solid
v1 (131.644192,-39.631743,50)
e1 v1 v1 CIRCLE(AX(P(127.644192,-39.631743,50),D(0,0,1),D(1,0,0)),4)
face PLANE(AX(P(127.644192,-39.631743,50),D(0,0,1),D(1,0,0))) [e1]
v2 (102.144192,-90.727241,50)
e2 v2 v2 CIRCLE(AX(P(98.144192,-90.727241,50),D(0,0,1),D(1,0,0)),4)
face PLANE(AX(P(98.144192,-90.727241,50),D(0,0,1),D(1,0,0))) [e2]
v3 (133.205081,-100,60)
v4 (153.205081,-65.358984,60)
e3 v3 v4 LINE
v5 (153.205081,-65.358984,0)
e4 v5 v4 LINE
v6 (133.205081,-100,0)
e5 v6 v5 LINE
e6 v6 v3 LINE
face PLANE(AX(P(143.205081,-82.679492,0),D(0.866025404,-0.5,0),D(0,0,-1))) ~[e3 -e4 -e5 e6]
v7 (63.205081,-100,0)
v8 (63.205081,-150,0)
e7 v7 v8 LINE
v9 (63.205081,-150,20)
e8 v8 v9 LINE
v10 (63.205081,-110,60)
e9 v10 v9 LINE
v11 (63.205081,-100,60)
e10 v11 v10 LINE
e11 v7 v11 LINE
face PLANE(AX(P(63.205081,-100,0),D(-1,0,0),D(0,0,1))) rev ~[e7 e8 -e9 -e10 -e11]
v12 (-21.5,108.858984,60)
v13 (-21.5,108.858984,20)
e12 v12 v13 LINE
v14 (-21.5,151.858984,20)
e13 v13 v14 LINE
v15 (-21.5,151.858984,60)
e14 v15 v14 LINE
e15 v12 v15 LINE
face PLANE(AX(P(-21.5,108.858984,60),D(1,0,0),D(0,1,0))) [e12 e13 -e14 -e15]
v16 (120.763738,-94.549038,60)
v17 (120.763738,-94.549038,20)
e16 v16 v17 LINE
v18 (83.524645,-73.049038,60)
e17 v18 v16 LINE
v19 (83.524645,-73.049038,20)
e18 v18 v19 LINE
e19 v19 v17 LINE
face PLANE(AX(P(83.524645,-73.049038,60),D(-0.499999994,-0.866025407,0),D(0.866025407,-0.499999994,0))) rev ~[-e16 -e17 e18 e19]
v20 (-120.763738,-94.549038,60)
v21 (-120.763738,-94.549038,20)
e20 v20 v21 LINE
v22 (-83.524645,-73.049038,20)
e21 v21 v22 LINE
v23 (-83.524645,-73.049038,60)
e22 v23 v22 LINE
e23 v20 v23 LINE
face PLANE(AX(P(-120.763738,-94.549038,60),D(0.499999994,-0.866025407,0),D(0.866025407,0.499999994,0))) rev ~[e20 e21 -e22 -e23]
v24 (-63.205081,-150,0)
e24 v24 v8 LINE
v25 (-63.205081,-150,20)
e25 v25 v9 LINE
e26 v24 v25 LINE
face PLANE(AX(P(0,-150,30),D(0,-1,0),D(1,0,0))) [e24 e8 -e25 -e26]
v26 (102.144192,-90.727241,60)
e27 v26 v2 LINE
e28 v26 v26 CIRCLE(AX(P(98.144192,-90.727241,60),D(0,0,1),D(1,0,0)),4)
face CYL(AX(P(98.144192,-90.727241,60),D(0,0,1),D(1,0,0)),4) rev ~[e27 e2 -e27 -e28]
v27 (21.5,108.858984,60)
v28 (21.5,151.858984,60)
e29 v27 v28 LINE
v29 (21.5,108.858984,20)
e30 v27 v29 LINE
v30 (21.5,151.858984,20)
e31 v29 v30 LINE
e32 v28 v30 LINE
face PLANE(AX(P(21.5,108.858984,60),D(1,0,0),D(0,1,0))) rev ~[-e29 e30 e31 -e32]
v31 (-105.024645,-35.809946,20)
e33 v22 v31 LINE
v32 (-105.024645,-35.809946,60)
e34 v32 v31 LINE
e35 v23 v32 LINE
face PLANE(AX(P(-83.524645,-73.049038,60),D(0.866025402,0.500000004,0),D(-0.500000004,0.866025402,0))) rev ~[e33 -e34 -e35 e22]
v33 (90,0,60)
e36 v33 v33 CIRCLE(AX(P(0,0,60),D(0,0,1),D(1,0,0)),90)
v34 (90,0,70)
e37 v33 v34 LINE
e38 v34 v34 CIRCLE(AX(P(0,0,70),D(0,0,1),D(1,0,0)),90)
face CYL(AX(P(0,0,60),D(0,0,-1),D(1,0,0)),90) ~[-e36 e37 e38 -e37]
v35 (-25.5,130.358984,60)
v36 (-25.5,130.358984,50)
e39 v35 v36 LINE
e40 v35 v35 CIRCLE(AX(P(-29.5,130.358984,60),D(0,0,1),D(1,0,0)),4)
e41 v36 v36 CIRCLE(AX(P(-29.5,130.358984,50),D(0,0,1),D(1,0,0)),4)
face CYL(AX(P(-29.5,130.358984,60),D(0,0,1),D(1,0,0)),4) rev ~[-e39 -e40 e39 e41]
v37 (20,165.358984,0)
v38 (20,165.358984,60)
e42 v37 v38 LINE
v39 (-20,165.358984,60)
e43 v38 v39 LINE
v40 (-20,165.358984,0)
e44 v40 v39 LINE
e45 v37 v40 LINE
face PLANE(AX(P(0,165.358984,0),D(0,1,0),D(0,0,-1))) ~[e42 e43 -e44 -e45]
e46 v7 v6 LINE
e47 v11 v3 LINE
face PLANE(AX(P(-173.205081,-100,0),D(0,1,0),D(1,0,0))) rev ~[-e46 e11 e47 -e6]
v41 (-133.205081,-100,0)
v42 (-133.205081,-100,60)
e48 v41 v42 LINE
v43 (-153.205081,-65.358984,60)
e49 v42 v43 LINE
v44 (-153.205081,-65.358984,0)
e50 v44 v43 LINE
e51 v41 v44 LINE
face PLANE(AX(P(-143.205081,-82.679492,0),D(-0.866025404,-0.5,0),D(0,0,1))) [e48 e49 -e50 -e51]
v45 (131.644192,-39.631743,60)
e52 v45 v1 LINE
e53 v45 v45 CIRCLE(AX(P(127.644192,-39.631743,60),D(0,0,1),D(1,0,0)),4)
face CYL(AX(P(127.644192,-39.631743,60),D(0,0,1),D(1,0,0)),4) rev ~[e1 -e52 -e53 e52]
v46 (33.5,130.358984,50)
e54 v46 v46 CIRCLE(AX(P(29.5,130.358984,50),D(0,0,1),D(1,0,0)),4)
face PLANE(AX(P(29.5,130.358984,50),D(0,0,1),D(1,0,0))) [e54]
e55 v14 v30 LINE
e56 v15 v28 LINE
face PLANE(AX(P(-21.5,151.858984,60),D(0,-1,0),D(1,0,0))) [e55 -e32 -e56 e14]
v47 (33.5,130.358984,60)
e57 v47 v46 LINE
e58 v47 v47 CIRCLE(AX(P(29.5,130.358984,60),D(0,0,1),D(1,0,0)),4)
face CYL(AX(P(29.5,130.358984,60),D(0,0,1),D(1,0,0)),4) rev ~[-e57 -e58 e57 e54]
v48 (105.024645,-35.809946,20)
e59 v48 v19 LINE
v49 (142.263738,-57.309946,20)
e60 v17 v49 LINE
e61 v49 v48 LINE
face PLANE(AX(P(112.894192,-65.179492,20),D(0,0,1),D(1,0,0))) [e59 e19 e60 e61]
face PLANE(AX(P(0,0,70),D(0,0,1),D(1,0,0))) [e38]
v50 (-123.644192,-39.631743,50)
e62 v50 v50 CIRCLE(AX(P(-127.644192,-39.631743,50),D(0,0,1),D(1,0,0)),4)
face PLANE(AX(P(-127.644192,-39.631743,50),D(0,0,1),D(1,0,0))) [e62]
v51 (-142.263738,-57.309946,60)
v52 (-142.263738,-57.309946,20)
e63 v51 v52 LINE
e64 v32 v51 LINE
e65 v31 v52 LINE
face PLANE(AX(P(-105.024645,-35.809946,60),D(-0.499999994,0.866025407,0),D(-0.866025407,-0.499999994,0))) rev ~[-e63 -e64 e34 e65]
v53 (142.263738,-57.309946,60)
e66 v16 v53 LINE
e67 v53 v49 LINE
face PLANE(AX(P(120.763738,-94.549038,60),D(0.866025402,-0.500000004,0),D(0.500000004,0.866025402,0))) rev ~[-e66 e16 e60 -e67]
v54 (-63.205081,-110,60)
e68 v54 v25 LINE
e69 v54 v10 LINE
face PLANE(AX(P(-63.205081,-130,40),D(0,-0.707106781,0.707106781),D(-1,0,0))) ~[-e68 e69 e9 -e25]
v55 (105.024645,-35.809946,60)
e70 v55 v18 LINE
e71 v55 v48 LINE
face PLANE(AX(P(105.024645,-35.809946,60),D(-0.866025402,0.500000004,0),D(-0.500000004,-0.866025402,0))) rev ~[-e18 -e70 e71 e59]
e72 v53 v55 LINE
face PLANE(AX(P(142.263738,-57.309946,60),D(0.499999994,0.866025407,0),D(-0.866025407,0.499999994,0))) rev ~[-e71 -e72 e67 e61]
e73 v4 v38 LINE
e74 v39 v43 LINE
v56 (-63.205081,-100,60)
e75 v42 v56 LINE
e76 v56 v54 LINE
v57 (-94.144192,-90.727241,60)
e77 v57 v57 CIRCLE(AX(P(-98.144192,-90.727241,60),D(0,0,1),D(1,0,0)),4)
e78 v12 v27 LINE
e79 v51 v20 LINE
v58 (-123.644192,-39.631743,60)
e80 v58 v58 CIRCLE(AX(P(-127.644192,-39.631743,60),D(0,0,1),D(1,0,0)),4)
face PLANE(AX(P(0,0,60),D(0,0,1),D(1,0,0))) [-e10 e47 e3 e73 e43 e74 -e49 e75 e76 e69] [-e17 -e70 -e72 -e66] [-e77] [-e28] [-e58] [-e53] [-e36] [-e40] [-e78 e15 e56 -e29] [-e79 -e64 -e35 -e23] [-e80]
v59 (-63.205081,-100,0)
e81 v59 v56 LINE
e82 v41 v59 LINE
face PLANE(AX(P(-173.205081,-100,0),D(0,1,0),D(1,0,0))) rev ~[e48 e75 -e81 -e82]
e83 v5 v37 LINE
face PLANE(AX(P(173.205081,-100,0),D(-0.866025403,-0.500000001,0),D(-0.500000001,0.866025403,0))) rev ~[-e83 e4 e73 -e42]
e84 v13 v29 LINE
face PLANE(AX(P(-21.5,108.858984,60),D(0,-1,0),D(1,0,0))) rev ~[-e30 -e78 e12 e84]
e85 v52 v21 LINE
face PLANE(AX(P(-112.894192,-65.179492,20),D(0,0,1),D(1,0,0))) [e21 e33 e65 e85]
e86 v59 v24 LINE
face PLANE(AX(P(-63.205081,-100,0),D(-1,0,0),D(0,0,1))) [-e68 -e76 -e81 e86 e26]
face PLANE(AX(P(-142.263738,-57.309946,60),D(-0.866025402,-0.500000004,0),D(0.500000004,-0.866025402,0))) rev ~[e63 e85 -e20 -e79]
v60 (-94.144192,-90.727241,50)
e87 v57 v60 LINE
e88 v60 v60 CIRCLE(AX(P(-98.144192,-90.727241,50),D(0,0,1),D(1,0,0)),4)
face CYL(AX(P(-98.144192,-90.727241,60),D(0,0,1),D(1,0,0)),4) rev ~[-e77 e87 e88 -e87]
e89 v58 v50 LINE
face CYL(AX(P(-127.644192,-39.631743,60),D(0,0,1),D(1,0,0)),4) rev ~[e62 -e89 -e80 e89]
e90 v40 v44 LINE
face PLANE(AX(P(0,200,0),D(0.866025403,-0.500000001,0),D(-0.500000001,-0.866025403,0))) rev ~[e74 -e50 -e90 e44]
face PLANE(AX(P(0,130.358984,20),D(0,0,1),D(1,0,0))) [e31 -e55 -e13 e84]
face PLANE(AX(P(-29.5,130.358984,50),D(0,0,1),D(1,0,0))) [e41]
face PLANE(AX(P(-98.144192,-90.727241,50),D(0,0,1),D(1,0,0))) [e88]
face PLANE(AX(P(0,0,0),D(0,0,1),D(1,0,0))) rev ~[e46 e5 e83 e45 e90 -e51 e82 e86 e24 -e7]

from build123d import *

# Parameters (mm, degrees)
F1_DEPTH  = 60
F2_SIZE   = 40
F3_R      = 90
F4_DEPTH  = 10
F5_W      = 43
F5_H      = 43
F6_DEPTH  = 40
F7_R      = 4
F8_DEPTH  = 10
F9_W      = 126.410162
F9_H      = 60
F10_DEPTH = 50
F11_SIZE  = 40


with BuildPart() as f1:
    # F0 (on Top) → F1 (new body)
    with BuildSketch(Plane.XY):
        Polygon((-173.205081, -100), (173.205081, -100), (0, 200), align=None)
    extrude(amount=F1_DEPTH)

    # F2
    f2_edges = [f1.edges().sort_by_distance(p)[0] for p in [
        (-173.205081, -100, 30),
        (173.205081, -100, 30),
        (0, 200, 30),
    ]]
    chamfer(f2_edges, length=F2_SIZE)

    # F3 (on face) → F4 (join)
    with BuildSketch(Plane.XY.offset(60)):
        Circle(F3_R)
    extrude(amount=F4_DEPTH)

    # F5 (on face) → F6 (cut)
    with BuildSketch(Plane.XY.offset(60)):
        with Locations((0, 130.358984)):
            Rectangle(F5_W, F5_H)
        Polygon((-120.763738, -94.549038), (-83.524645, -73.049038), (-105.024645, -35.809946), (-142.263738, -57.309946), align=None)
        Polygon((142.263738, -57.309946), (105.024645, -35.809946), (83.524645, -73.049038), (120.763738, -94.549038), align=None)
    extrude(amount=-F6_DEPTH, mode=Mode.SUBTRACT)

    # F7 (on face) → F8 (cut)
    with BuildSketch(Plane.XY.offset(60)):
        with Locations((-29.5, 130.358984)):
            Circle(F7_R)
        with Locations((29.5, 130.358984)):
            Circle(F7_R)
        with Locations((-98.144192, -90.727241)):
            Circle(F7_R)
        with Locations((-127.644192, -39.631743)):
            Circle(F7_R)
        with Locations((127.644192, -39.631743)):
            Circle(F7_R)
        with Locations((98.144192, -90.727241)):
            Circle(F7_R)
    extrude(amount=-F8_DEPTH, mode=Mode.SUBTRACT)

    # F9 (on face) → F10 (join)
    with BuildSketch(Plane.XZ.offset(100)):
        with Locations((0, 30)):
            Rectangle(F9_W, F9_H)
    extrude(amount=F10_DEPTH)

    # F11
    f11_edges = [f1.edges().sort_by_distance(p)[0] for p in [
        (0, -150, 60),
    ]]
    chamfer(f11_edges, length=F11_SIZE)


solid = f1.part
